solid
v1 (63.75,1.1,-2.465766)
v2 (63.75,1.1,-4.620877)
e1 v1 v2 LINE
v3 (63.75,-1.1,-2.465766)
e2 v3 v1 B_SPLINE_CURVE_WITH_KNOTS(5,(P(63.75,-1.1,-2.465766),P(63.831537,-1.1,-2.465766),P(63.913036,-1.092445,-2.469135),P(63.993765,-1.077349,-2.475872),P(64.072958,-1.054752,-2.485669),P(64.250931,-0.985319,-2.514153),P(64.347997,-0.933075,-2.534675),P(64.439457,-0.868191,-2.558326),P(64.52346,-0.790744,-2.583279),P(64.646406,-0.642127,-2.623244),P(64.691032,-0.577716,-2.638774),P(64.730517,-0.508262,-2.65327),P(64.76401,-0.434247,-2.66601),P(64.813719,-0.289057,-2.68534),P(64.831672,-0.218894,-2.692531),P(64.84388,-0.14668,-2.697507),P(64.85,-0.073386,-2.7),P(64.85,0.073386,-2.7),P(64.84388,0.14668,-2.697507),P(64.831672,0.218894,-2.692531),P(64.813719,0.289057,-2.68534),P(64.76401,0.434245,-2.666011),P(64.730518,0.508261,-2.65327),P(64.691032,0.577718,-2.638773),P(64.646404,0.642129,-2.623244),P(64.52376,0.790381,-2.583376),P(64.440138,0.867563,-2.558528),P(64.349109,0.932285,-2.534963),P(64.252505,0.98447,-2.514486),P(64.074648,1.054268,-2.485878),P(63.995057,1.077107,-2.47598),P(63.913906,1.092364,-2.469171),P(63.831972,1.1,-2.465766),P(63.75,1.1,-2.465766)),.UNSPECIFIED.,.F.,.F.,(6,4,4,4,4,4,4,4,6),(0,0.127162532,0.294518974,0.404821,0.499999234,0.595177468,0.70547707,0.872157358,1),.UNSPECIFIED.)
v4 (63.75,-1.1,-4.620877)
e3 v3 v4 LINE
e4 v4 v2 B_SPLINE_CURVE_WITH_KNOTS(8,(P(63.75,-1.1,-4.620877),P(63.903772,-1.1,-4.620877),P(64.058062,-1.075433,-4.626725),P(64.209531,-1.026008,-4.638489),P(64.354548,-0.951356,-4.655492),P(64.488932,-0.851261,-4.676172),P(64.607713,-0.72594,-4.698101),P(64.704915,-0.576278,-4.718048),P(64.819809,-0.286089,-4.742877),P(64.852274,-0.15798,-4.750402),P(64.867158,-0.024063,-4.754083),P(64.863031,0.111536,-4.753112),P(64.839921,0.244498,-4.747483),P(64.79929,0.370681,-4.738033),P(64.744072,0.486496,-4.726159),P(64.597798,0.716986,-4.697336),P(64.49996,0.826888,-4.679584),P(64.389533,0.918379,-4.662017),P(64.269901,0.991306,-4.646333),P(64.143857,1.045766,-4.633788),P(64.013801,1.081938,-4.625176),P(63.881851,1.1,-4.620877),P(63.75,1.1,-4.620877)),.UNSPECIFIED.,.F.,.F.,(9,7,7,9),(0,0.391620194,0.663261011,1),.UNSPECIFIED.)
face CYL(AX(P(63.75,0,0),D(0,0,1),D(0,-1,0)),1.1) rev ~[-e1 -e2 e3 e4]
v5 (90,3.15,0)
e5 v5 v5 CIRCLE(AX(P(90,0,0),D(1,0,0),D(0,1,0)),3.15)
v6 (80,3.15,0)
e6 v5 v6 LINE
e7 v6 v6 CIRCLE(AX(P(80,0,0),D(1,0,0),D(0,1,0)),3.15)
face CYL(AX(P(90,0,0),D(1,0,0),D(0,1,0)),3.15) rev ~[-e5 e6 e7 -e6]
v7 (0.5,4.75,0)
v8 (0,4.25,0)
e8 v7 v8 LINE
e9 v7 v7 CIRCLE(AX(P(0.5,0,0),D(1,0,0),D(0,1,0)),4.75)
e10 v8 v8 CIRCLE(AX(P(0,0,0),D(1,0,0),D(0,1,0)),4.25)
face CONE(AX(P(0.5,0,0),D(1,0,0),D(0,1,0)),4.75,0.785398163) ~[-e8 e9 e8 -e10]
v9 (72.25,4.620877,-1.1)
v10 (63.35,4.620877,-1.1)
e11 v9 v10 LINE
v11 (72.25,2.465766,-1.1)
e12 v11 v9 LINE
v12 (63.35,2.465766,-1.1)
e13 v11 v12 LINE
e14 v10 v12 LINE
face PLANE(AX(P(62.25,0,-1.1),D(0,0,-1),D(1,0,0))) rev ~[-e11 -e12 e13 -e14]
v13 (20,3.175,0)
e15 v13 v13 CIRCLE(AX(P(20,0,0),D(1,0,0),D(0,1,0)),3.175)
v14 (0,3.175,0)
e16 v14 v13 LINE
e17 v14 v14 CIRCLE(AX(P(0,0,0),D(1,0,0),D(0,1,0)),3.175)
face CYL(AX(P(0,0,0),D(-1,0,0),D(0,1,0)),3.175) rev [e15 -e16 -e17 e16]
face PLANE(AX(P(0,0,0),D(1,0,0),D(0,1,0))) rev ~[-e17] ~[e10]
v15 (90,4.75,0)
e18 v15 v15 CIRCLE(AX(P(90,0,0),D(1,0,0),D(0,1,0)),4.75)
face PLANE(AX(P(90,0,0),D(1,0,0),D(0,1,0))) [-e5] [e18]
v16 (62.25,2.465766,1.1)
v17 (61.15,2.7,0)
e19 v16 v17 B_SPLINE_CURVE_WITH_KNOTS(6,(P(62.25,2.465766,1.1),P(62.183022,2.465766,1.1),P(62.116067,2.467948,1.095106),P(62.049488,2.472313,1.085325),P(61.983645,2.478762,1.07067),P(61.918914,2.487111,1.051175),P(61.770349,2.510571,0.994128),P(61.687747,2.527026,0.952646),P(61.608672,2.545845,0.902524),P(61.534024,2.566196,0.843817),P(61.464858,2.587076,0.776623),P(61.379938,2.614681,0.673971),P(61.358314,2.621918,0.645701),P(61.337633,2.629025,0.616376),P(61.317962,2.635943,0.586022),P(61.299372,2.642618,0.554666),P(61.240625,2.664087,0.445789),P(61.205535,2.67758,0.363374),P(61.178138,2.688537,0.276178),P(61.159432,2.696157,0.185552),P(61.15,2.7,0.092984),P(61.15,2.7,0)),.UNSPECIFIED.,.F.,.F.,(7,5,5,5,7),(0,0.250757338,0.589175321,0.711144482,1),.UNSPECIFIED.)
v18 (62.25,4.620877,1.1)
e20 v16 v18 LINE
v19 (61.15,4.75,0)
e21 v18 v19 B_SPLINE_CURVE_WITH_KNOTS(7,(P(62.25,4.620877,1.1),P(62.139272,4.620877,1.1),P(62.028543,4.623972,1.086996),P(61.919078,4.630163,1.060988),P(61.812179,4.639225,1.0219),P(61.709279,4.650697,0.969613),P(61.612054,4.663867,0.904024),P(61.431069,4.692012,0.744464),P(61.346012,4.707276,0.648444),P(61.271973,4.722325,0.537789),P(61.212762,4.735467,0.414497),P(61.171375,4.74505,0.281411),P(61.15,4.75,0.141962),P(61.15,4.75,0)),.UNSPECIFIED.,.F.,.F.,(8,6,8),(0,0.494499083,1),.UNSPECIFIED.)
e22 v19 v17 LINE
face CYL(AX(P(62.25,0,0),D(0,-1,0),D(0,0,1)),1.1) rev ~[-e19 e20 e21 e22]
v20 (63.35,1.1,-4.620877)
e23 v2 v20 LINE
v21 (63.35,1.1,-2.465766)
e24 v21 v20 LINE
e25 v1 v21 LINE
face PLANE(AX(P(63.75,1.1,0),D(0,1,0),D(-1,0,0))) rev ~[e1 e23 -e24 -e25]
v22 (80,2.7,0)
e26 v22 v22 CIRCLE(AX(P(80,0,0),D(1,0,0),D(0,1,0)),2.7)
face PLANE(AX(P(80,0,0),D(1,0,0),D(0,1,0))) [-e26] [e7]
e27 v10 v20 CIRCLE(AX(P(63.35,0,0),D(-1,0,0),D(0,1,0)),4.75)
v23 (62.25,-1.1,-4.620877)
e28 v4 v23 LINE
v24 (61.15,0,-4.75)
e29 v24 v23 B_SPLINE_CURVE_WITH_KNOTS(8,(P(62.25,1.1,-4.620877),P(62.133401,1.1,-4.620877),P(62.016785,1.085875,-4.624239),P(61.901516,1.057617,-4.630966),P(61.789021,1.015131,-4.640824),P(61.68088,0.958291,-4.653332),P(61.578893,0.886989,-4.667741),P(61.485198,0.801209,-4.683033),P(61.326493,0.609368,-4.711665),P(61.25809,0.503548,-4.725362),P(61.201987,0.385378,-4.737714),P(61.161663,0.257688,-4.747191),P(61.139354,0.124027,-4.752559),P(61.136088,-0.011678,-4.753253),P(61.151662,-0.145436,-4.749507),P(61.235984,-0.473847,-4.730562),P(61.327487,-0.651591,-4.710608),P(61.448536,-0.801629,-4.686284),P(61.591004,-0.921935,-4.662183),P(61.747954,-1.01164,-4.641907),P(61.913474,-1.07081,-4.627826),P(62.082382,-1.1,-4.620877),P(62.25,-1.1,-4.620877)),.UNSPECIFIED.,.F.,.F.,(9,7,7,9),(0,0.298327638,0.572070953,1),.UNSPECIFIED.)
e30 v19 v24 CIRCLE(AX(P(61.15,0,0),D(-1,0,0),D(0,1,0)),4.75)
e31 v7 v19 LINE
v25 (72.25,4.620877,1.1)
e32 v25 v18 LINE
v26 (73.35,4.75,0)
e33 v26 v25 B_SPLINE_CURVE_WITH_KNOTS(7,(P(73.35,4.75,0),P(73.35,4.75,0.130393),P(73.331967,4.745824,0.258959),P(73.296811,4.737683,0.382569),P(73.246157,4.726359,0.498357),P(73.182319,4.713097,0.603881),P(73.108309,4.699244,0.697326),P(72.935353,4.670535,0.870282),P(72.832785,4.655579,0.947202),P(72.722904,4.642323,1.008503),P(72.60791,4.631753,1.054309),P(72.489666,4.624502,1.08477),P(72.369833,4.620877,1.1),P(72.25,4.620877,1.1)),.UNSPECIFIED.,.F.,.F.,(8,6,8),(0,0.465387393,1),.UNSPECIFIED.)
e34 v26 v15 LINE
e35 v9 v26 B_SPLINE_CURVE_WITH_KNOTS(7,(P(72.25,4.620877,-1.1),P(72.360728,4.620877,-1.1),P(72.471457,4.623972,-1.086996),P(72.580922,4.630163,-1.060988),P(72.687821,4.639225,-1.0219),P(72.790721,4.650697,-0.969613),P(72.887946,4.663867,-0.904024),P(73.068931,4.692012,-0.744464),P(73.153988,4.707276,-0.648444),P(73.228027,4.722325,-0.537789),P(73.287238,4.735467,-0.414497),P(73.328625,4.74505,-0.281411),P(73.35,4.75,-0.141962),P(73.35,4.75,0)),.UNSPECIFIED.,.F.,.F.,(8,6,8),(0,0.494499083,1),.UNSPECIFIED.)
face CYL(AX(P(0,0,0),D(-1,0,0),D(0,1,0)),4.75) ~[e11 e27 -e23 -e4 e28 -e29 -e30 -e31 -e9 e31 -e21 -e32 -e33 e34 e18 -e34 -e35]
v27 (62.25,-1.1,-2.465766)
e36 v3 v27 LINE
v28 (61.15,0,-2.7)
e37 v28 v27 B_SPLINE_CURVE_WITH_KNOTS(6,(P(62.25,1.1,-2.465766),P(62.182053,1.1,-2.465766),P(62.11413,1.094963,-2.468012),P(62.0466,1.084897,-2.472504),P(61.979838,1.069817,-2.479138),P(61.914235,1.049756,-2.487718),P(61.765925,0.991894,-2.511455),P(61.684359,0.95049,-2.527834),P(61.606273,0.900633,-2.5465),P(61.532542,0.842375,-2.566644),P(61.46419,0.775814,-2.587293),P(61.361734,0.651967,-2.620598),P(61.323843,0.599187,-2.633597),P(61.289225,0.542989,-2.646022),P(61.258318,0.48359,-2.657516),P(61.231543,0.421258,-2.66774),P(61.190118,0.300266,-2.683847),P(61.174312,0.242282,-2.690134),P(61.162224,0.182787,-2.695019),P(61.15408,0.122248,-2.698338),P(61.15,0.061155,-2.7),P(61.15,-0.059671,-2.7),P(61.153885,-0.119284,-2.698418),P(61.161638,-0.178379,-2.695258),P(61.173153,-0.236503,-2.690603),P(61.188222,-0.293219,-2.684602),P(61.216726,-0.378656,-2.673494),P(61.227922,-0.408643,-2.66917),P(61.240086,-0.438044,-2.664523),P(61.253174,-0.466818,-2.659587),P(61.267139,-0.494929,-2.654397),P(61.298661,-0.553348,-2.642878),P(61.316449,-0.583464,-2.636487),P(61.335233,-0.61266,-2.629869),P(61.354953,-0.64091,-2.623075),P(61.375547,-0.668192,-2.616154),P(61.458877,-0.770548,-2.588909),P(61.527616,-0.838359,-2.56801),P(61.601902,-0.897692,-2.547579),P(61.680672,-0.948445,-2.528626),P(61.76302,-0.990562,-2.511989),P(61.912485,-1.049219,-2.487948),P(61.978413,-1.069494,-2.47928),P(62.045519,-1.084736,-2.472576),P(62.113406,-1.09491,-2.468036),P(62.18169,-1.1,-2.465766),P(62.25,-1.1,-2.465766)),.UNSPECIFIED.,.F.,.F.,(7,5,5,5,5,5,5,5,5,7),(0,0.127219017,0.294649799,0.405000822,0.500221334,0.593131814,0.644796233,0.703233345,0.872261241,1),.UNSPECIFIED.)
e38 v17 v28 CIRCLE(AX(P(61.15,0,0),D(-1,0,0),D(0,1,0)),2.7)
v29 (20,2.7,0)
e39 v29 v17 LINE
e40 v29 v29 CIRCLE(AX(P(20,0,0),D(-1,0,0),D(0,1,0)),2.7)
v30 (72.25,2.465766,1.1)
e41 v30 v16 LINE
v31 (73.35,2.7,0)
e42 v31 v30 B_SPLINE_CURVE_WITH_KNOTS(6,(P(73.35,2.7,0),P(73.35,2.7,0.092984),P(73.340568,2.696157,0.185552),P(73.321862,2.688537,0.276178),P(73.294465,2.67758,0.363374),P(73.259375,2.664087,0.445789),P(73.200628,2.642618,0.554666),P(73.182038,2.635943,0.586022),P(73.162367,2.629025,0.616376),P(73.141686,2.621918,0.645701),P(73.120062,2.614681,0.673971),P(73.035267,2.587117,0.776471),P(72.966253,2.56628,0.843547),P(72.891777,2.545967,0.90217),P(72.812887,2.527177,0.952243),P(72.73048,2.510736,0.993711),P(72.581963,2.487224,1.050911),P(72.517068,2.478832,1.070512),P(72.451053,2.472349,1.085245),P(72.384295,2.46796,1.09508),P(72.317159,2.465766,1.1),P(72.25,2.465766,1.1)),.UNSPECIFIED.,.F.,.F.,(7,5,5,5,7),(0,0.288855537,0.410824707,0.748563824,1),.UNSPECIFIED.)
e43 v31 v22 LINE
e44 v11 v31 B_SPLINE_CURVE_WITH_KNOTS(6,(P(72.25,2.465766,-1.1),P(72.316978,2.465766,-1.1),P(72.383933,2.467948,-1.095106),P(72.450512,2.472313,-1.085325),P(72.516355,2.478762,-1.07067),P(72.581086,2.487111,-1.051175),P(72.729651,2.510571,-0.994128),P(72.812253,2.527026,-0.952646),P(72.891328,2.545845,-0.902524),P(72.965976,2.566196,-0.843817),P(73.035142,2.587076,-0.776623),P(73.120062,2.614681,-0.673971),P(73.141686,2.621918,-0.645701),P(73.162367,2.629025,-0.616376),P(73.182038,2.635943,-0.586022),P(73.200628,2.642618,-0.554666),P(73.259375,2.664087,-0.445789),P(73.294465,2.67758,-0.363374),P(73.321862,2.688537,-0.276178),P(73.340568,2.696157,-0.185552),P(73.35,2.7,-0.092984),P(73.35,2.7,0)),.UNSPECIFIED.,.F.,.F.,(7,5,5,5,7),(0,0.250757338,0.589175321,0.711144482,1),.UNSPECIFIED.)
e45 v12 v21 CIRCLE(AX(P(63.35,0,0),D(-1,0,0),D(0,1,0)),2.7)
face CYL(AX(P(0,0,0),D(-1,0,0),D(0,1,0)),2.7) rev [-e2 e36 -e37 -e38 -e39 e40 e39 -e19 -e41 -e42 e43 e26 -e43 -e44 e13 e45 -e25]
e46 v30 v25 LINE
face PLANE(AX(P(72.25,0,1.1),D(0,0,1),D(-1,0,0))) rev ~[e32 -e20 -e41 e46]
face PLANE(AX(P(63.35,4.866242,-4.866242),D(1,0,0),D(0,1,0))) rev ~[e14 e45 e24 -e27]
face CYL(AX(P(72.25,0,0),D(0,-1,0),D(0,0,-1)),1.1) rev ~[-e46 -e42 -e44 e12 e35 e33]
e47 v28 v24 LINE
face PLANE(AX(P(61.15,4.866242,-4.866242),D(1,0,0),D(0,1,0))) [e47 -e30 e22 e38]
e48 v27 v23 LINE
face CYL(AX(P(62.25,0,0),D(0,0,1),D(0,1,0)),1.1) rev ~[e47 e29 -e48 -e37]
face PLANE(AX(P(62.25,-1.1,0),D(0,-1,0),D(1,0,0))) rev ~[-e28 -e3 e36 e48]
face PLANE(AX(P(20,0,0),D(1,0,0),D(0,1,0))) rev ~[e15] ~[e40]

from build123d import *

# Parameters (mm, degrees)
F0_R      = 4.75
F1_DEPTH  = 90
F2_R      = 2.7
F3_DEPTH  = 100
F4_R      = 3.175
F5_DEPTH  = 20
F6_R      = 3.15
F6_R_2    = 2.7
F7_DEPTH  = 10
F9_DEPTH  = 25
F11_DEPTH = 25
F14_DEPTH = 1.1
F15_SIZE  = 0.5


with BuildPart() as f1:
    # F0 (on Right) → F1 (new body)
    with BuildSketch(Plane.YZ):
        Circle(F0_R)
    extrude(amount=F1_DEPTH)

    # F2 (on Right) → F3 (cut)
    with BuildSketch(Plane.YZ):
        Circle(F2_R)
    extrude(amount=F3_DEPTH, mode=Mode.SUBTRACT)

    # F4 (on Right) → F5 (cut)
    with BuildSketch(Plane.YZ):
        Circle(F4_R)
    extrude(amount=F5_DEPTH, mode=Mode.SUBTRACT)

    # F6 (on face) → F7 (cut)
    with BuildSketch(Plane.YZ.offset(90)):
        Circle(F6_R)
        Circle(F6_R_2, mode=Mode.SUBTRACT)
    extrude(amount=-F7_DEPTH, mode=Mode.SUBTRACT)

    # F8 (on Front) → F9 (cut)
    with BuildSketch(Plane.XZ):
        with BuildLine():
            ThreePointArc((72.25, -1.1), (73.35, 0), (72.25, 1.1))
            Line((72.25, 1.1), (62.25, 1.1))
            ThreePointArc((62.25, 1.1), (61.15, 0), (62.25, -1.1))
            Line((62.25, -1.1), (72.25, -1.1))
        make_face()
    extrude(amount=-F9_DEPTH, mode=Mode.SUBTRACT)

    # F10 (on Top) → F11 (cut)
    with BuildSketch(Plane.XY):
        with BuildLine():
            ThreePointArc((62.25, 1.1), (61.15, 0), (62.25, -1.1))
            Line((62.25, -1.1), (63.75, -1.1))
            ThreePointArc((63.75, -1.1), (64.85, 0), (63.75, 1.1))
            Line((63.75, 1.1), (62.25, 1.1))
        make_face()
    extrude(amount=-F11_DEPTH, mode=Mode.SUBTRACT)

    # F13 (on offset) → F14 (cut, symmetric)
    with BuildSketch(Plane.YZ.offset(62.25)):
        with BuildLine():
            Line((0, 0), (0, -11.794144941))
            ThreePointArc((0, -11.794144941), (8.3397198661, -8.3397198661), (11.794144941, 0))
            Line((11.794144941, 0), (0, 0))
        make_face()
    extrude(amount=F14_DEPTH, both=True, mode=Mode.SUBTRACT)

    # F15
    f15_edges = [f1.edges().sort_by_distance(p)[0] for p in [
        (0, -4.75, 0),
    ]]
    chamfer(f15_edges, length=F15_SIZE)


solid = f1.part
